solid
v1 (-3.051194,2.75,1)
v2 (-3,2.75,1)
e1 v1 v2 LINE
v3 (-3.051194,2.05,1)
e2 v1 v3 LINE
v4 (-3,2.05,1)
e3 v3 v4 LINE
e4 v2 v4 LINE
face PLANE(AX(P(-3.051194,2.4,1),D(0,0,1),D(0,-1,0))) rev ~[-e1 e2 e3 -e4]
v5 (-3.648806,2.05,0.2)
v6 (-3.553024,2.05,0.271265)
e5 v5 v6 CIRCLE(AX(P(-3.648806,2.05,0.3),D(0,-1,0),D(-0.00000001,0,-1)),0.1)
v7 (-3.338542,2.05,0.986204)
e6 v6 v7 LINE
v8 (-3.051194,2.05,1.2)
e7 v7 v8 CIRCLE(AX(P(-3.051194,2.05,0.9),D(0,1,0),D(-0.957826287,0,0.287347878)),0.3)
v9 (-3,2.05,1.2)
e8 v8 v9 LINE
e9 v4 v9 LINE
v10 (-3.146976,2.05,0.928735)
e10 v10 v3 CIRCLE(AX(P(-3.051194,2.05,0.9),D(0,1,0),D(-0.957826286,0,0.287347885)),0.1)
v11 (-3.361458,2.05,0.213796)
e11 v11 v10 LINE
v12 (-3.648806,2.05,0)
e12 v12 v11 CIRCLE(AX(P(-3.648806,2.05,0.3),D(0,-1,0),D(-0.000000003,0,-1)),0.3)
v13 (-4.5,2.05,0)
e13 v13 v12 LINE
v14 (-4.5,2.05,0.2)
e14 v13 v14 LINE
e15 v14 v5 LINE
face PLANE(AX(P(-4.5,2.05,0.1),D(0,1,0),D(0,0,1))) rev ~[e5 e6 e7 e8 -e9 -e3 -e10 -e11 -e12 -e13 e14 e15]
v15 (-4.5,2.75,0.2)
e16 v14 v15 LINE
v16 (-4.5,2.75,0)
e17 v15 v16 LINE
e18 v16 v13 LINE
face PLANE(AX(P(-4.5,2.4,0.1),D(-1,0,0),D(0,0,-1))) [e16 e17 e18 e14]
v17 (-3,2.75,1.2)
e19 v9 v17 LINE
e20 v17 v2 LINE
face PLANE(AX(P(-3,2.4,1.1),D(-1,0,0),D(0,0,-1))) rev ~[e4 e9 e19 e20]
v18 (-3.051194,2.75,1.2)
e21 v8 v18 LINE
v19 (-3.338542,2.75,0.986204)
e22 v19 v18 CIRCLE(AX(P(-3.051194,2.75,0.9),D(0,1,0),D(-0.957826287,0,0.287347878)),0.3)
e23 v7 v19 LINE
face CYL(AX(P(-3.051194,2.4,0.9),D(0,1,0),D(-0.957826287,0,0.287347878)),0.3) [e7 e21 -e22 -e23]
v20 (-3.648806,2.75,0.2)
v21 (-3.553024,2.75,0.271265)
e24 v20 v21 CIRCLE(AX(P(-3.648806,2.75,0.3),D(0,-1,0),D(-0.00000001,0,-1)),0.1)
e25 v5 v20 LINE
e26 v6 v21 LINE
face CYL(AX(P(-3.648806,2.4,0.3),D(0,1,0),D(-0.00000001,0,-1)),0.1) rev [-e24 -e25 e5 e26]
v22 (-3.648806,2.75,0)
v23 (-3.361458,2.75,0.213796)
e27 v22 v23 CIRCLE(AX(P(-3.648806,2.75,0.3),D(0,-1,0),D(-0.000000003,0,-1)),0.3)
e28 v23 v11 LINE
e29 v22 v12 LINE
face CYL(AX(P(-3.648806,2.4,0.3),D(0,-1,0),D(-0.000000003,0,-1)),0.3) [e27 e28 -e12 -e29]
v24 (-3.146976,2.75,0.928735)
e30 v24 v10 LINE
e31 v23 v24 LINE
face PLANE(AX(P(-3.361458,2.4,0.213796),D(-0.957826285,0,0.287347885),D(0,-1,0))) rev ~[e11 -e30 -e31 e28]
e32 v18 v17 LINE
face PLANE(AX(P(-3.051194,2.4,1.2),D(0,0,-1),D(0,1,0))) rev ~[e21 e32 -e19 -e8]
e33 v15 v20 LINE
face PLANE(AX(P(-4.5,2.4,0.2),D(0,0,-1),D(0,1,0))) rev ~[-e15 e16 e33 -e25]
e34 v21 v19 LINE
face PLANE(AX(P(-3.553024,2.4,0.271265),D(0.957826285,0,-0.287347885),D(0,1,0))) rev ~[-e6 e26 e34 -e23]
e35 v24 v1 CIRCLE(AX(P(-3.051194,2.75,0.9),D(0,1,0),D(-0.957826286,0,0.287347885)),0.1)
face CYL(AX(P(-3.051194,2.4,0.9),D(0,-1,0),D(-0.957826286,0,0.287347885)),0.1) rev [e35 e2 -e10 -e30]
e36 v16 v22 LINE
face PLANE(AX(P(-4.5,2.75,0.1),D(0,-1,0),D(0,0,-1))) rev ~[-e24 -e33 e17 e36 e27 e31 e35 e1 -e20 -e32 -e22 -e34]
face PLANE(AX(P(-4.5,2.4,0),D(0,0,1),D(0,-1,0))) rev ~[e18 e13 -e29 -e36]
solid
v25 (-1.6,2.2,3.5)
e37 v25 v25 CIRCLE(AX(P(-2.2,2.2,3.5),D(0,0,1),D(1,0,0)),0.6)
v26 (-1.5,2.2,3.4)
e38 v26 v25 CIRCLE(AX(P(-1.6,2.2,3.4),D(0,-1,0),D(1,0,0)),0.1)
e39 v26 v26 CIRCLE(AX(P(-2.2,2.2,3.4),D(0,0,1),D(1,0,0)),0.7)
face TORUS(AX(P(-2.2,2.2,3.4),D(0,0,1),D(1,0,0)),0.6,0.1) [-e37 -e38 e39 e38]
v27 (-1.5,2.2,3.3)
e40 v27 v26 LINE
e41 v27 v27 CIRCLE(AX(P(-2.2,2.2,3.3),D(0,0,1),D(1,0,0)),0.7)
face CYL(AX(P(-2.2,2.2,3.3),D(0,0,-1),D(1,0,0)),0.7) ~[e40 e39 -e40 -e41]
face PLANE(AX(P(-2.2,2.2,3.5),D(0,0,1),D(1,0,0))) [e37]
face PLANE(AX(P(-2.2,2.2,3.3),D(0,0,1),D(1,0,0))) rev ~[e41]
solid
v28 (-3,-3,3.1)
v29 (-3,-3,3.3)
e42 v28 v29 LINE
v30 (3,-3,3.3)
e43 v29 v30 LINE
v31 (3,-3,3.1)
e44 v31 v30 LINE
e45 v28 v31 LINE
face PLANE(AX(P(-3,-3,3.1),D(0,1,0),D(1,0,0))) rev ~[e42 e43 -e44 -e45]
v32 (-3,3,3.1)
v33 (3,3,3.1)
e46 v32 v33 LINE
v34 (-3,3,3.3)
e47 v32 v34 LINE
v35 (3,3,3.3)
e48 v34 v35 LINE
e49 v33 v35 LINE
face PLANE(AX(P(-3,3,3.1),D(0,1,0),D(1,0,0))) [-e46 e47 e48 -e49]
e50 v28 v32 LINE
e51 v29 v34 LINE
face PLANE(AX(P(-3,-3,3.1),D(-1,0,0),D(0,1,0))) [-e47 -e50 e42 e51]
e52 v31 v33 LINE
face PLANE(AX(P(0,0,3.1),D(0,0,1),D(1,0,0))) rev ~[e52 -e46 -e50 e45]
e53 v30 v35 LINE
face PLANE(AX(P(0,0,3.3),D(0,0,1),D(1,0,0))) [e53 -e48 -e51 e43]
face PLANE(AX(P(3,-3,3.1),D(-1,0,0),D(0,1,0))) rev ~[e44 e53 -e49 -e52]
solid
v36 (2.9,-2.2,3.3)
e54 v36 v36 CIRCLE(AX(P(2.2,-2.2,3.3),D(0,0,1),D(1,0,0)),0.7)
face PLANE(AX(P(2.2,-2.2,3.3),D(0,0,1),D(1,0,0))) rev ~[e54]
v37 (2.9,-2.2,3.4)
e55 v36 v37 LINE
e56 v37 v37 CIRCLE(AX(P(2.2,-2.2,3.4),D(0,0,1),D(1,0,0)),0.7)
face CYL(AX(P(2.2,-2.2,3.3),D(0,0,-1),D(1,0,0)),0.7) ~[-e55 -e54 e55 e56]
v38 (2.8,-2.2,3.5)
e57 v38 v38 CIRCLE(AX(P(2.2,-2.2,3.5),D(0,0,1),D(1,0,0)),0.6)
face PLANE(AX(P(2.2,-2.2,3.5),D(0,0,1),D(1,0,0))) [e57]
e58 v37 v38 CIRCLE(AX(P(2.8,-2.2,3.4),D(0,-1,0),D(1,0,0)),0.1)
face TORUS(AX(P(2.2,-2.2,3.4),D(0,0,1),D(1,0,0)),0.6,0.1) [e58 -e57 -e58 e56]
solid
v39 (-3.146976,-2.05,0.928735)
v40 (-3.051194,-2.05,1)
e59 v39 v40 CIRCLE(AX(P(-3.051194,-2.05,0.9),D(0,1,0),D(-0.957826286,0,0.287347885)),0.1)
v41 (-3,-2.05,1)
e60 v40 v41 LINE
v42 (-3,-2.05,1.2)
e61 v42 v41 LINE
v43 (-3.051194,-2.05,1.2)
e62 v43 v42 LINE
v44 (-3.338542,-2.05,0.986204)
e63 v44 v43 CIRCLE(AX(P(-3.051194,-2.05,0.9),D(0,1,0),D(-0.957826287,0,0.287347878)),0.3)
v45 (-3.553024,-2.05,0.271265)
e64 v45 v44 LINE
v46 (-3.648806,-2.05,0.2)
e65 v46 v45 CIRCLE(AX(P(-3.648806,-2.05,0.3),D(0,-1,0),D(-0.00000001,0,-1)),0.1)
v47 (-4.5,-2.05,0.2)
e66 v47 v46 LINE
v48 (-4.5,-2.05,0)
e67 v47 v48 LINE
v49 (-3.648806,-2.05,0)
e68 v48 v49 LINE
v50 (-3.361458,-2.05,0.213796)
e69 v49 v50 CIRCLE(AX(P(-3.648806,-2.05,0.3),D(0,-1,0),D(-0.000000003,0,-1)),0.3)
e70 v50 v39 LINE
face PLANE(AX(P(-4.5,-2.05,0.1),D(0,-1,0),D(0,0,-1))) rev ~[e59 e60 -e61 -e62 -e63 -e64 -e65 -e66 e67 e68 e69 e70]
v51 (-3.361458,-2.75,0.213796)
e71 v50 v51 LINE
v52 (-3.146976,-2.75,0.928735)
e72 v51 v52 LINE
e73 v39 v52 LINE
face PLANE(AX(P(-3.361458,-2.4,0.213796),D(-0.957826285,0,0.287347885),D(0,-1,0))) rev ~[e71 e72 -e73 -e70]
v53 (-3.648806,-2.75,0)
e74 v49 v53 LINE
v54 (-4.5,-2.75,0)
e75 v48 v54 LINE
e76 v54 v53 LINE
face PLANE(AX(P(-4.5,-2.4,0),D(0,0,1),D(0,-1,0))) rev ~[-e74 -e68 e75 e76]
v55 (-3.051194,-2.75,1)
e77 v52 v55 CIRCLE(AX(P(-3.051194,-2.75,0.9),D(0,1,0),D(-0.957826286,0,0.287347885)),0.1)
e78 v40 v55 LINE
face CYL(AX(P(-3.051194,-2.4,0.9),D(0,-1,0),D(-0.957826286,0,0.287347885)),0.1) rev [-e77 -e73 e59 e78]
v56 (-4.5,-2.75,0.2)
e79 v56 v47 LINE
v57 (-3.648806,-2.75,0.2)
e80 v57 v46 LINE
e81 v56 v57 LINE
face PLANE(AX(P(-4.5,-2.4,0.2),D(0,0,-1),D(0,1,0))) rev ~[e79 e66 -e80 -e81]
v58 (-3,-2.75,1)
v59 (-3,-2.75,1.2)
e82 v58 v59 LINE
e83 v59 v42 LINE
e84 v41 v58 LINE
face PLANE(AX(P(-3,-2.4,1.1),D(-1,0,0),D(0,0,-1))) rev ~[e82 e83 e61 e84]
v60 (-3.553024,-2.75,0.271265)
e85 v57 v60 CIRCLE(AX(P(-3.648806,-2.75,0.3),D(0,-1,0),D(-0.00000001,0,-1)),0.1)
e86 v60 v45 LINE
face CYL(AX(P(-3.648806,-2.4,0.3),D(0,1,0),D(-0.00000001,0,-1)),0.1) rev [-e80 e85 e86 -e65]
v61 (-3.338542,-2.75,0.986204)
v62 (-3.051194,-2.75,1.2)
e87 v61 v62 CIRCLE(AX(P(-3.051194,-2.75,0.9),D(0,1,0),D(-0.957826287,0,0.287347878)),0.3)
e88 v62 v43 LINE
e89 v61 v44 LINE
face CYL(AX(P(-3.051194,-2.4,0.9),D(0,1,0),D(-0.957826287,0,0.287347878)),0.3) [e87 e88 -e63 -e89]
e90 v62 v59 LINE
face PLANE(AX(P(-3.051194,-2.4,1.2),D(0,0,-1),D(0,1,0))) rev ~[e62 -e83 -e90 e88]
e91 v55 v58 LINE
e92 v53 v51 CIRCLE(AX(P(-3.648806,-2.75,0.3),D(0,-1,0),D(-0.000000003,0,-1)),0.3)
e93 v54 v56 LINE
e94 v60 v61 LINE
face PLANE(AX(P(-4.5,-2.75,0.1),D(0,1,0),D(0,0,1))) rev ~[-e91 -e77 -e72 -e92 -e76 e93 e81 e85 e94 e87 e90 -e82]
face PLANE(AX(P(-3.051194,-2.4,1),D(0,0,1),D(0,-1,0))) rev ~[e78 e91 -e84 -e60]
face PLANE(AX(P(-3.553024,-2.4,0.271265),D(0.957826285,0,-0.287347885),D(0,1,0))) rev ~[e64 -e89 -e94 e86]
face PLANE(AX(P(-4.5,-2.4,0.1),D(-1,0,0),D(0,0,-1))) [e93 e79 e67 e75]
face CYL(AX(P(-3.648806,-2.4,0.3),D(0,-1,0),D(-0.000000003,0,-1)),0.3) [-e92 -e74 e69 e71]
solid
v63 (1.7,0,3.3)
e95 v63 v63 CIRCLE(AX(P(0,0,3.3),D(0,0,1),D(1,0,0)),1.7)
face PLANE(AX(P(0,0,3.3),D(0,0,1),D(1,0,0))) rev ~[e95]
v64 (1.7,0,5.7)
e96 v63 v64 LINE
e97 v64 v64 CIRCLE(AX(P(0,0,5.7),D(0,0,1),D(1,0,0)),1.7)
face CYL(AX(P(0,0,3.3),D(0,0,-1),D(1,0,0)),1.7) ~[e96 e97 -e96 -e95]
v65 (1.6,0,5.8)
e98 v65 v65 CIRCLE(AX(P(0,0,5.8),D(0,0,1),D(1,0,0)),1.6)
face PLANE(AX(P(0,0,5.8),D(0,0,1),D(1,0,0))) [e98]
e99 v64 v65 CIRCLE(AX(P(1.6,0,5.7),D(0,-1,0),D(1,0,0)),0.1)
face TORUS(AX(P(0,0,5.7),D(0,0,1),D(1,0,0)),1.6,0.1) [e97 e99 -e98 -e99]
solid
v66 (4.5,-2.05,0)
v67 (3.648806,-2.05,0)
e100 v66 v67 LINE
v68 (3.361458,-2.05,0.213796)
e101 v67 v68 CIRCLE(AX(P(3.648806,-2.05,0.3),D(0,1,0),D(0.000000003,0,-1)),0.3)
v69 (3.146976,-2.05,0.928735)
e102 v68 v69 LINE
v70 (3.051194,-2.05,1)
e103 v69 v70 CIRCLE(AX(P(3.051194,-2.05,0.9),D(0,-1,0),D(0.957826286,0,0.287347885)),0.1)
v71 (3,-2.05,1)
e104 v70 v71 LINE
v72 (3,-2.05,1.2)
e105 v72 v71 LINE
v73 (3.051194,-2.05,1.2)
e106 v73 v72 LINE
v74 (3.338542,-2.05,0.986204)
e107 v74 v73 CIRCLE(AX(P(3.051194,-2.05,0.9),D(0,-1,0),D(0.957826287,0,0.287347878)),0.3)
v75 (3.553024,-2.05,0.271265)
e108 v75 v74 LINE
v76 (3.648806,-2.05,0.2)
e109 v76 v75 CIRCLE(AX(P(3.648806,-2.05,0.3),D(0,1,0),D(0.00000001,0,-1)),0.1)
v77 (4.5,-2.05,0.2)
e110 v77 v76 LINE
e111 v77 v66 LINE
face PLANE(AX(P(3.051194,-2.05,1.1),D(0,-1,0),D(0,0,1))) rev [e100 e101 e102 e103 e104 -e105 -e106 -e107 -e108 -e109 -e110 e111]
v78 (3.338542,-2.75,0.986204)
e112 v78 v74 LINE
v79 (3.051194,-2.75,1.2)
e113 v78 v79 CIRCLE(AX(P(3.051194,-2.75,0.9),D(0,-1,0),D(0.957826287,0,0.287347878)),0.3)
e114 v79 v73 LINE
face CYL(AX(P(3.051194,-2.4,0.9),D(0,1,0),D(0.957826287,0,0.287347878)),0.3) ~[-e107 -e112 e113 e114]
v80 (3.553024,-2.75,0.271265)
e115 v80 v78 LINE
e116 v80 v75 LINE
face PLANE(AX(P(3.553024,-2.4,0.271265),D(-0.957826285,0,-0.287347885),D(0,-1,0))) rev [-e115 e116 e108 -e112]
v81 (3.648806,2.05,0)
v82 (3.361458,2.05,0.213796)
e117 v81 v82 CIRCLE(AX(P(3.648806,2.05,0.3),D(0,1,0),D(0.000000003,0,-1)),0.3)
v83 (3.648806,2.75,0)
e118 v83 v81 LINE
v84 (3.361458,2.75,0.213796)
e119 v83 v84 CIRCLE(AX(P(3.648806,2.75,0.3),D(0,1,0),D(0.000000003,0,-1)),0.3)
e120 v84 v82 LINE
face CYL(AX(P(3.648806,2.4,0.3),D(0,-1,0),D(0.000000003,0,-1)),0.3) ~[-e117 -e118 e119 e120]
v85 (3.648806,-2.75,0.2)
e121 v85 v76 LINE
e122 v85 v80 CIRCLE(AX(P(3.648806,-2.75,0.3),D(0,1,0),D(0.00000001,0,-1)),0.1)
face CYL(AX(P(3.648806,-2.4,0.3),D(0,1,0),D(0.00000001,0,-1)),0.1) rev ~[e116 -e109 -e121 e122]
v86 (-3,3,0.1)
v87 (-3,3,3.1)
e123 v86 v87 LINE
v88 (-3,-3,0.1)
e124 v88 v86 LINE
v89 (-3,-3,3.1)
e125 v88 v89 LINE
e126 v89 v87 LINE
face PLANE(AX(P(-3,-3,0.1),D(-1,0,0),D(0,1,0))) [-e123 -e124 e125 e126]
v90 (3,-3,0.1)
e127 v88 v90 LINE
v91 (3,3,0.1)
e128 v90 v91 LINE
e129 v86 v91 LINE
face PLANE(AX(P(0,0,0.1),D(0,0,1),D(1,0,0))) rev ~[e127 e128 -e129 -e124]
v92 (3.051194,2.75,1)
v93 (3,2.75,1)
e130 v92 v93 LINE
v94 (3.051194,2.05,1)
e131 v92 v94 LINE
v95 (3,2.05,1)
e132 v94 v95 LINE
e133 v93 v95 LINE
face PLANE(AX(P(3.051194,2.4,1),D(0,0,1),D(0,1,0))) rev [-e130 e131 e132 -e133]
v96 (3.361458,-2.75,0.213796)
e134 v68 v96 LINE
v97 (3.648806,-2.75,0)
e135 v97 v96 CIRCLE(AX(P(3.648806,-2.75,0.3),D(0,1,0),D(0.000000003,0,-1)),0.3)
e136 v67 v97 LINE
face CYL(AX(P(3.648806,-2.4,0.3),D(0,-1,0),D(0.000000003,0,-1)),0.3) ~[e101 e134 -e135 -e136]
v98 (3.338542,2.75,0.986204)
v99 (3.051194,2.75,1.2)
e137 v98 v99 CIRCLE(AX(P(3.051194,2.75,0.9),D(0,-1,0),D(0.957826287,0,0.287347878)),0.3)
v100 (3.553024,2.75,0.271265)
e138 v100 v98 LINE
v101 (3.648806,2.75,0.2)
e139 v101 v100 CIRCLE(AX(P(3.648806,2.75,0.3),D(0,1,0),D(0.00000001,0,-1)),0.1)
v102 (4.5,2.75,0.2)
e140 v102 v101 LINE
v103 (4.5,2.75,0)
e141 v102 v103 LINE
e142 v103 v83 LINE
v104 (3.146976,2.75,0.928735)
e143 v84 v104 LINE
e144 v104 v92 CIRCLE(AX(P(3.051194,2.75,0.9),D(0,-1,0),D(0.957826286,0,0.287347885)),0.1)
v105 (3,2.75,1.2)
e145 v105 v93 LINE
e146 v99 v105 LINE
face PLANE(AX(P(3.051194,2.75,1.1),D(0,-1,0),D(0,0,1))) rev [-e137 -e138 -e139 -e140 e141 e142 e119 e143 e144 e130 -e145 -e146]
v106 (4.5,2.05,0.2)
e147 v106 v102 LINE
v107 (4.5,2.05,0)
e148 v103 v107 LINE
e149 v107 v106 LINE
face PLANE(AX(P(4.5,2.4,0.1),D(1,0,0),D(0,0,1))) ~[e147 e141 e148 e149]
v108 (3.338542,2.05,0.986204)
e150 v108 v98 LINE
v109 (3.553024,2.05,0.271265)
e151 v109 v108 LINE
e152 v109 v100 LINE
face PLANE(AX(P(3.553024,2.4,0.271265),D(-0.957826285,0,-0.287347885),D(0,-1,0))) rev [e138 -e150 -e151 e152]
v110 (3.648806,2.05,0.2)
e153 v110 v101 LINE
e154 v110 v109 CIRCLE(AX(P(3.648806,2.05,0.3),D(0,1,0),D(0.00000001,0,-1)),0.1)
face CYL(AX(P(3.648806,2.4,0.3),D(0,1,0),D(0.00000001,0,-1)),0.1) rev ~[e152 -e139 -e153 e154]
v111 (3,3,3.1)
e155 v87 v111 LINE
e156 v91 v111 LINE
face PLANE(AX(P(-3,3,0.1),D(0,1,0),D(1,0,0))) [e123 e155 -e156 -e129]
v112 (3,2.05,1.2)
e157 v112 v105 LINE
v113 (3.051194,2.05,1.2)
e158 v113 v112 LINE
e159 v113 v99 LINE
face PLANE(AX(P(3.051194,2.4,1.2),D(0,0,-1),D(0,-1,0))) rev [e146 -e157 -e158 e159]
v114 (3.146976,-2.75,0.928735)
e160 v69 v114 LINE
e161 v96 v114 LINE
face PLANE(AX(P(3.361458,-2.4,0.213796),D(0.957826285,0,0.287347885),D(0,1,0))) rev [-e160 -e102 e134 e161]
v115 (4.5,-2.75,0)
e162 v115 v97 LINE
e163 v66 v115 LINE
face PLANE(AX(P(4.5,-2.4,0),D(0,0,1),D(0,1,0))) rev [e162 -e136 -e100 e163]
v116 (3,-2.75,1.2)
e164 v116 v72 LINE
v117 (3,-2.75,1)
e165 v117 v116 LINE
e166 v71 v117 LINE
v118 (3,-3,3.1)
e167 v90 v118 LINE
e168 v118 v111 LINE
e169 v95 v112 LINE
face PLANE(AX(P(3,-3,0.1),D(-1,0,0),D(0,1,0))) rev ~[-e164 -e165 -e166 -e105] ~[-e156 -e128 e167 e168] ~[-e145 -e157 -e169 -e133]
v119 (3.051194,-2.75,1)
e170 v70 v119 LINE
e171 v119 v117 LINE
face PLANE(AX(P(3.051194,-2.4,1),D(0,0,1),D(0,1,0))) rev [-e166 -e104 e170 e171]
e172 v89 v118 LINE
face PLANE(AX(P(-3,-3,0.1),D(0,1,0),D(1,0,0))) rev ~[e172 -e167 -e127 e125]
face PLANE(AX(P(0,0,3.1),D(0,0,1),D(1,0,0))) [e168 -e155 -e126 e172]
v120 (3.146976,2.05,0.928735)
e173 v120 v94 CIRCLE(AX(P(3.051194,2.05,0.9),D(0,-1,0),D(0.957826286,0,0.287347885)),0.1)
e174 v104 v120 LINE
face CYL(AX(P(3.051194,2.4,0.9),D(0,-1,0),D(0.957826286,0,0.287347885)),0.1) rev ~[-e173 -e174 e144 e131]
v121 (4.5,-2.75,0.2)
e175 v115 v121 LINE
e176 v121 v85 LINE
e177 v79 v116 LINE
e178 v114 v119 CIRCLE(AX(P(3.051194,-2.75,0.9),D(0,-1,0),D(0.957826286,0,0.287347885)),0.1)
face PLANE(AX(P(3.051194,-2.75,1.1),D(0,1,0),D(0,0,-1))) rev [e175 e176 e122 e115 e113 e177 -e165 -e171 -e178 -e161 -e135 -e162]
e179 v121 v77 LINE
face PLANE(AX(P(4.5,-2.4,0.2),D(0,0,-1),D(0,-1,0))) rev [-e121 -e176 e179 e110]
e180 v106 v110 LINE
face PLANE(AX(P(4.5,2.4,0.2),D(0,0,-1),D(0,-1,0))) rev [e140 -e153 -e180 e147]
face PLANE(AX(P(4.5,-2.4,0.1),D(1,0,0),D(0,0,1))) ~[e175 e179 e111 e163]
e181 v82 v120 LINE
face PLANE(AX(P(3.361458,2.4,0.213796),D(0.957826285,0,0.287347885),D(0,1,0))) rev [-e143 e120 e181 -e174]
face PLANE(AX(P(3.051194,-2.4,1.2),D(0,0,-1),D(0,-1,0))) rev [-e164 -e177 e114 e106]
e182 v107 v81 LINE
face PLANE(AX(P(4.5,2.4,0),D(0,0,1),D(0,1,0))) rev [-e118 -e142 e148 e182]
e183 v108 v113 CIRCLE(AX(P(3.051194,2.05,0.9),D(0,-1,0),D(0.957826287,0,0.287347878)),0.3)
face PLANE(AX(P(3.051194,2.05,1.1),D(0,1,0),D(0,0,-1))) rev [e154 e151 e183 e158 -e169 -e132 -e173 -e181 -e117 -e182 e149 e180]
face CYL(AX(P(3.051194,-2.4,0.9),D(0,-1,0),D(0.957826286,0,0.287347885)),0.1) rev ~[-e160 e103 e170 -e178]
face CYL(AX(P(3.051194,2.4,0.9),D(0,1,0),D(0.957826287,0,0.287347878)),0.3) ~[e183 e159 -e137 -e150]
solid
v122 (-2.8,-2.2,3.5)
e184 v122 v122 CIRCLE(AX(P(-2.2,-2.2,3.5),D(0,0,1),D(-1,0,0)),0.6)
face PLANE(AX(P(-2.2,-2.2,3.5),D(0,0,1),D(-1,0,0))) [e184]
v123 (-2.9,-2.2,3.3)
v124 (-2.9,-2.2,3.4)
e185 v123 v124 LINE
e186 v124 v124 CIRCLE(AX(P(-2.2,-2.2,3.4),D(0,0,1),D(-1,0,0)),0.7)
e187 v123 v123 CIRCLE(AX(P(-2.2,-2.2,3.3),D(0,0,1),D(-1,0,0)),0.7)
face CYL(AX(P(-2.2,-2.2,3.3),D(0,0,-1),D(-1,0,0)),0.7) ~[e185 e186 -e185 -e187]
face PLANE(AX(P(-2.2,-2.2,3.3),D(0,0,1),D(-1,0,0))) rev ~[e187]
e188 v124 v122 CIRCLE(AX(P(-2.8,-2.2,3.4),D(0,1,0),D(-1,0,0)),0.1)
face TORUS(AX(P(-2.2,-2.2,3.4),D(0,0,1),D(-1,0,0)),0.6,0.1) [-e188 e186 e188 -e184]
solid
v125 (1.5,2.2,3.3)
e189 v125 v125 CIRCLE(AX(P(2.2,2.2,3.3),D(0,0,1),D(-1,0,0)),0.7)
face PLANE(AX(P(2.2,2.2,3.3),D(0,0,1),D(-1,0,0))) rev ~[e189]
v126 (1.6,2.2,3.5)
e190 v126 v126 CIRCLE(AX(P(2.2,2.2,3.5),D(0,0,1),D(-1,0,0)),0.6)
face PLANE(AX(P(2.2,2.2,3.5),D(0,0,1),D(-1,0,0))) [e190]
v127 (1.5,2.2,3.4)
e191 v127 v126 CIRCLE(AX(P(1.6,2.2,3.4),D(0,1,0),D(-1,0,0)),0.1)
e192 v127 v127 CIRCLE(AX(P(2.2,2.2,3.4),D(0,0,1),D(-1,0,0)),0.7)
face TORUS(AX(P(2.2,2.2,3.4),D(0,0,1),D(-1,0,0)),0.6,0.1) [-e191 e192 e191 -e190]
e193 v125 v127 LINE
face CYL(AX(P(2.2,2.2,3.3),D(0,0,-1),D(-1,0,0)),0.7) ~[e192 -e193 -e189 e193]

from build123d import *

# Parameters (mm, degrees)
SKETCH_2_W        = 6
SKETCH_2_H        = 6
EXTRUDE_1_DEPTH   = 3
SKETCH_3_W        = 6
SKETCH_3_H        = 6
EXTRUDE_3_DEPTH   = 0.2
SKETCH_4_R        = 0.7
EXTRUDE_4_DEPTH   = 0.2
EXTRUDE_4_2_DEPTH = 0.2
EXTRUDE_4_3_DEPTH = 0.2
EXTRUDE_4_4_DEPTH = 0.2
FILLET_1_R        = 0.1
FILLET_2_R        = 0.1
FILLET_3_R        = 0.1
FILLET_4_R        = 0.1
SKETCH_5_R        = 1.7
EXTRUDE_5_DEPTH   = 2.5
FILLET_5_R        = 0.1
SKETCH_6_W        = 0.2
SKETCH_6_H        = 0.7


with BuildPart() as part:
    # 草图2 → 凸台-拉伸1 (new body)
    with BuildSketch(Plane.XY.offset(0.1)):
        Rectangle(SKETCH_2_W, SKETCH_2_H)
    extrude(amount=EXTRUDE_1_DEPTH)


with BuildPart() as body_2:
    # 草图3 → 凸台-拉伸3 (new body)
    with BuildSketch(Plane.XY.offset(3.1)):
        Rectangle(SKETCH_3_W, SKETCH_3_H)
    extrude(amount=EXTRUDE_3_DEPTH)


with BuildPart() as body_3:
    # 草图4 → 凸台-拉伸4 (new body)
    with BuildSketch(Plane.XY.offset(3.3)):
        with Locations((-2.2, 2.2)):
            Circle(SKETCH_4_R)
    extrude(amount=EXTRUDE_4_DEPTH)

    # 圆角2
    fillet_2_edges = [body_3.edges().sort_by_distance(p)[0] for p in [
        (-2.9, 2.2, 3.5),
    ]]
    fillet(fillet_2_edges, radius=FILLET_2_R)


with BuildPart() as body_4:
    # 草图4 → Extrude 4 2 (new body)
    with BuildSketch(Plane.XY.offset(3.3)):
        with Locations(Location((2.2, 2.2, 0), (0, 0, 180))):
            Circle(SKETCH_4_R)
    extrude(amount=EXTRUDE_4_2_DEPTH)

    # 圆角3
    fillet_3_edges = [body_4.edges().sort_by_distance(p)[0] for p in [
        (2.9, 2.2, 3.5),
    ]]
    fillet(fillet_3_edges, radius=FILLET_3_R)


with BuildPart() as body_5:
    # 草图4 → Extrude 4 3 (new body)
    with BuildSketch(Plane.XY.offset(3.3)):
        with Locations((2.2, -2.2)):
            Circle(SKETCH_4_R)
    extrude(amount=EXTRUDE_4_3_DEPTH)

    # 圆角4
    fillet_4_edges = [body_5.edges().sort_by_distance(p)[0] for p in [
        (1.5, -2.2, 3.5),
    ]]
    fillet(fillet_4_edges, radius=FILLET_4_R)


with BuildPart() as body_6:
    # 草图4 → Extrude 4 4 (new body)
    with BuildSketch(Plane.XY.offset(3.3)):
        with Locations(Location((-2.2, -2.2, 0), (0, 0, 180))):
            Circle(SKETCH_4_R)
    extrude(amount=EXTRUDE_4_4_DEPTH)

    # 圆角1
    fillet_1_edges = [body_6.edges().sort_by_distance(p)[0] for p in [
        (-1.5, -2.2, 3.5),
    ]]
    fillet(fillet_1_edges, radius=FILLET_1_R)


with BuildPart() as body_7:
    # 草图5 → 凸台-拉伸5 (new body)
    with BuildSketch(Plane.XY.offset(3.3)):
        Circle(SKETCH_5_R)
    extrude(amount=EXTRUDE_5_DEPTH)

    # 圆角5
    fillet_5_edges = [body_7.edges().sort_by_distance(p)[0] for p in [
        (-1.7, 0, 5.8),
    ]]
    fillet(fillet_5_edges, radius=FILLET_5_R)


with BuildPart() as body_8:
    # 扫描1: sweep along a path in 草图7
    with BuildLine(Plane(origin=(0, -2.4, 0), x_dir=(1, 0, 0), z_dir=(0, 1, 0))) as sweep_1_path:
        Line((-4.5, -0.1), (-3.64880613, -0.1))
        ThreePointArc((-3.64880613, -0.1), (-3.529420024, -0.139541414), (-3.457240873, -0.242530423))
        Line((-3.457240873, -0.242530423), (-3.242759127, -0.957469577))
        ThreePointArc((-3.242759127, -0.957469577), (-3.170579976, -1.060458586), (-3.05119387, -1.1))
        Line((-3.05119387, -1.1), (-3, -1.1))
    # 草图6 → 扫描1 (sweep)
    with BuildSketch(Plane.ZY.offset(3)):
        with Locations((1.1, -2.4)):
            Rectangle(SKETCH_6_W, SKETCH_6_H)
        with Locations((1.1, 2.4)):
            Rectangle(SKETCH_6_W, SKETCH_6_H)
    sweep_1 = sweep(path=sweep_1_path.line)


with BuildPart() as part_1:
    add(part.part)

    # 镜向1: 扫描1 across plane
    add(sweep_1.mirror(Plane(origin=(0, 0, 0), x_dir=(0, 0, 1), z_dir=(1, 0, 0))))


solid = Compound([body_2.part, body_3.part, body_4.part, body_5.part, body_6.part, body_7.part, body_8.part, part_1.part])
